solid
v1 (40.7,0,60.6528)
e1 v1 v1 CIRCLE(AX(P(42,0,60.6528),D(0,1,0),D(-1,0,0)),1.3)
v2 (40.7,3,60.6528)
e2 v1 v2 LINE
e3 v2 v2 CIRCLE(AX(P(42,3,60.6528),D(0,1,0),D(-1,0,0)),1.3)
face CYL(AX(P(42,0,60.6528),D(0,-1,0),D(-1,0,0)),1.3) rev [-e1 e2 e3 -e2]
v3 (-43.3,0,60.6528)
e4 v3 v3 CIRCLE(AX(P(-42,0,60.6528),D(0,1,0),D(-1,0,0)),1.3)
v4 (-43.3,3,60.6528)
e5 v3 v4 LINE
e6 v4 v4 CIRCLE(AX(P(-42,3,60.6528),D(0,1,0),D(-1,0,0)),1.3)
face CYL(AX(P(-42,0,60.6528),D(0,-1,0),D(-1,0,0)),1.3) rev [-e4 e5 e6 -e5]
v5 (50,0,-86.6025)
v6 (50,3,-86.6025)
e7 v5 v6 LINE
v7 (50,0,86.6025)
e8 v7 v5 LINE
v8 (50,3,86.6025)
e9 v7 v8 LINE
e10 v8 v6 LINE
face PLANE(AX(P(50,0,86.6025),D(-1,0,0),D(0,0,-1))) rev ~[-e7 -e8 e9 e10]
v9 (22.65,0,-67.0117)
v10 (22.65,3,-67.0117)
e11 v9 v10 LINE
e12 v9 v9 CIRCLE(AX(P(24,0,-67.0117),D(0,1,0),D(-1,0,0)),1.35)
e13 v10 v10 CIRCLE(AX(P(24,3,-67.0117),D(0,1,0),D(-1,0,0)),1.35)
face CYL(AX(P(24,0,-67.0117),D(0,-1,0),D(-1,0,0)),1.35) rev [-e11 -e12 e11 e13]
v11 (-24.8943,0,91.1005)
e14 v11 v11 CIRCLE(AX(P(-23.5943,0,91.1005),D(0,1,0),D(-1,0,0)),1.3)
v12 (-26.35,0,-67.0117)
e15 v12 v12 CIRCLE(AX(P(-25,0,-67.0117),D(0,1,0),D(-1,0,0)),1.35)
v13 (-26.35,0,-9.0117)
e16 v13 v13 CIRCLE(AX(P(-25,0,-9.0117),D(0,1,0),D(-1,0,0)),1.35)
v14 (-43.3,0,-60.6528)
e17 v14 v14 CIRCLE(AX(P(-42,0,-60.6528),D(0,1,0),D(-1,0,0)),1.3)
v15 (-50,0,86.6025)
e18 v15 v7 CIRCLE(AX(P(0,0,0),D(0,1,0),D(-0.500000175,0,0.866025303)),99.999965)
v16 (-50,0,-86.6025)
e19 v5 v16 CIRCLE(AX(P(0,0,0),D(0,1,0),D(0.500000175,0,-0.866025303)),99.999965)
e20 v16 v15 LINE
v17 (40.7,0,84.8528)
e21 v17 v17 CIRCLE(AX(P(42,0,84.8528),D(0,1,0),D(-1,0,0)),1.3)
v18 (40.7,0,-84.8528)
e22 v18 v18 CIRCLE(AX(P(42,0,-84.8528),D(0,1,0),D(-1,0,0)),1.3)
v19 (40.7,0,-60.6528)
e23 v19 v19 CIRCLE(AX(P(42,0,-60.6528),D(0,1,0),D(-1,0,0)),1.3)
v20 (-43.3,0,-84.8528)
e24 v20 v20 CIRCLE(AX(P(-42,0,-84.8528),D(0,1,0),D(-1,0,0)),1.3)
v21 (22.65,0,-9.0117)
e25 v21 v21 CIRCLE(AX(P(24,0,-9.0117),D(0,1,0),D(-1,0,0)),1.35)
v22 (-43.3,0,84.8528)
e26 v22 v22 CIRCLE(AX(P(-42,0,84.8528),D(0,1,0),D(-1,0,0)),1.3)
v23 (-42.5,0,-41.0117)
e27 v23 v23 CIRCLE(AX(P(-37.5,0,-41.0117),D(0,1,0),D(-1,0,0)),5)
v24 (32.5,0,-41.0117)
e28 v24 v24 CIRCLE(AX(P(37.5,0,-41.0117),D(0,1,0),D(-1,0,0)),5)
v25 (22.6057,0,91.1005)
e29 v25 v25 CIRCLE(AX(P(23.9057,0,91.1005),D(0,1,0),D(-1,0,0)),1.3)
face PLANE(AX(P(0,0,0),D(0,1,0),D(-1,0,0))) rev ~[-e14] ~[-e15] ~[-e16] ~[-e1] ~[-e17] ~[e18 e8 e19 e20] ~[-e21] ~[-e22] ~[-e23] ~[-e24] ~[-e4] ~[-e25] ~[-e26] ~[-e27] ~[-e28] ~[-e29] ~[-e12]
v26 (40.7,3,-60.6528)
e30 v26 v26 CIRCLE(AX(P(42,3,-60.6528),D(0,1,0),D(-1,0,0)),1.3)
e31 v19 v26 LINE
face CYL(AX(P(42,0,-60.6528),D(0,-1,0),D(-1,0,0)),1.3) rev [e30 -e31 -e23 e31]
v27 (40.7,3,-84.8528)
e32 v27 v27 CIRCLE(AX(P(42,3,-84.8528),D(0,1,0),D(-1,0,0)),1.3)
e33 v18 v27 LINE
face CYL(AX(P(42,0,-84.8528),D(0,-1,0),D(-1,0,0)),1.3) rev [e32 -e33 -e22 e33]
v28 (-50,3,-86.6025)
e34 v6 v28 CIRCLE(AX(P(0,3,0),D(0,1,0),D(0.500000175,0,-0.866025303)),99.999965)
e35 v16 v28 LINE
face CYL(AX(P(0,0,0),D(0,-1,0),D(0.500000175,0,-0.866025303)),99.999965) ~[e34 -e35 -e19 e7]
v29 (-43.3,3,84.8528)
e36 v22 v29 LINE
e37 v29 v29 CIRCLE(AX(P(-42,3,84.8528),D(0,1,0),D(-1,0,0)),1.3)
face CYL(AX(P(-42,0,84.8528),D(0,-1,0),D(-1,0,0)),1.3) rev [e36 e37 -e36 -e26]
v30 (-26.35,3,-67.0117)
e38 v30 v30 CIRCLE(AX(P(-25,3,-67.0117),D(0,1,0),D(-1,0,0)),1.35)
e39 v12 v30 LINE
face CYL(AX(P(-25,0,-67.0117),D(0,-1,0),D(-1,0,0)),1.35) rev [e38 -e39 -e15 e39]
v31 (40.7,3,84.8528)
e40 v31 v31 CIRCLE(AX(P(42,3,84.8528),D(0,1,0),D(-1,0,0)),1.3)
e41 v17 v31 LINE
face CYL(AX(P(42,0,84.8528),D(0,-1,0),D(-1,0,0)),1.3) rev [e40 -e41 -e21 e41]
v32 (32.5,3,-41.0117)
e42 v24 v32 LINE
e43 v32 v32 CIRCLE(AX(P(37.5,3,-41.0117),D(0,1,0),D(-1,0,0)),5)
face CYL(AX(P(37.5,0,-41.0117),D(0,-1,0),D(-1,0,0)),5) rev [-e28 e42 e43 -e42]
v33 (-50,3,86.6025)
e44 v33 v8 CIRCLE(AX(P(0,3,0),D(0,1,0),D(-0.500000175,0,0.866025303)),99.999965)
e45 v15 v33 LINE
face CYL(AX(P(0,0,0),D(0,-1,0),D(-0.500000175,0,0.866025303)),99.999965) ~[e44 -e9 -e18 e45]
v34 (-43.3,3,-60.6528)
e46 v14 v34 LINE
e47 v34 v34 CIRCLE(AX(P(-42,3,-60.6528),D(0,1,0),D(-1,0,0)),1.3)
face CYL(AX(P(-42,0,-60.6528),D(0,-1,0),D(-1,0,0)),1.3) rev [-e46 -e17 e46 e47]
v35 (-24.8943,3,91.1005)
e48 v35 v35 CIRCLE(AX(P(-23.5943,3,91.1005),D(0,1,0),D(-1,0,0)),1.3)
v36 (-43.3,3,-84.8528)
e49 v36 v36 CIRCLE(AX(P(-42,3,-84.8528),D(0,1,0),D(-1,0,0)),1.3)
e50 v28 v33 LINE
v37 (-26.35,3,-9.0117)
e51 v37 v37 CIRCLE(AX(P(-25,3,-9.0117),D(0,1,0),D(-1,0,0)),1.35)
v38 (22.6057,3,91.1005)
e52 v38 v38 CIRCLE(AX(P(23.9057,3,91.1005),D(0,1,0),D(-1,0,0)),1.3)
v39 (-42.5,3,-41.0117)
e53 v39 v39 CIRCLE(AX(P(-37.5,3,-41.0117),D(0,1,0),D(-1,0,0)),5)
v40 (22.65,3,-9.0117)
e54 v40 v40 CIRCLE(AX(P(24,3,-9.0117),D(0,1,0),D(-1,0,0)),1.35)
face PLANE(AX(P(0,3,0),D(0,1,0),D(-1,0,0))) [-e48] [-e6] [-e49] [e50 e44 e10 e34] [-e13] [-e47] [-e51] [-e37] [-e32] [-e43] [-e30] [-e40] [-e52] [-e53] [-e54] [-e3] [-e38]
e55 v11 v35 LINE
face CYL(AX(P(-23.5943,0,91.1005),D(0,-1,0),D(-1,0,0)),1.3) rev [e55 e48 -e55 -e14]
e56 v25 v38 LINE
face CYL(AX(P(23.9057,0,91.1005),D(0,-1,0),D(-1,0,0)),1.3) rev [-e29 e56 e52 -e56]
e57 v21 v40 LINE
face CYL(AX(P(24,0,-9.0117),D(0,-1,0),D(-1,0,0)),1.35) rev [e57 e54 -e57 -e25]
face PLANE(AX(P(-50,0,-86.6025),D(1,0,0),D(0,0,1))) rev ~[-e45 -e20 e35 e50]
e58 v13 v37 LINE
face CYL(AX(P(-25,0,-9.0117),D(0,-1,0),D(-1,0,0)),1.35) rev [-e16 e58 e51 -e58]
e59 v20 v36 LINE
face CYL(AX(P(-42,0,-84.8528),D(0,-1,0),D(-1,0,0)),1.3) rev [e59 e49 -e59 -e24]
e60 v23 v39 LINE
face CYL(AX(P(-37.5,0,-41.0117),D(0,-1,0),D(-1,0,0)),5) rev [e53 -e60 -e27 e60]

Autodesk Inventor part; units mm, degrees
ref_plane "YZ Plane" through (0, 0, 0) normal (1, 0, 0) x (0, 1, 0)
ref_plane "XZ Plane" through (0, 0, 0) normal (0, 1, 0) x (-1, 0, 0)
ref_plane "XY Plane" through (0, 0, 0) normal (0, 0, 1) x (1, 0, 0)
sketch "Sketch1" plane through (0, 0, 0) normal (0, 1, 0) x (-1, 0, 0)
  line L0 (-50, 86.6025) -> (-50, -86.6025)
  line L1 (50, -86.6025) -> (50, 86.6025)
  arc A0 (50, 86.6025) -> (-50, 86.6025) centre (0, 0) ccw
  arc A1 (-50, -86.6025) -> (50, -86.6025) centre (0, 0) ccw
  circle A2 centre (25, -67.0117) radius 1.35
  circle A3 centre (25, -9.0117) radius 1.35
  circle A4 centre (-24, -9.0117) radius 1.35
  circle A5 centre (-24, -67.0117) radius 1.35
  circle A6 centre (42, -84.8528) radius 1.3
  circle A7 centre (42, -60.6528) radius 1.3
  circle A8 centre (-42, -84.8528) radius 1.3
  circle A9 centre (-42, -60.6528) radius 1.3
  circle A10 centre (42, 84.8528) radius 1.3
  circle A11 centre (42, 60.6528) radius 1.3
  circle A12 centre (-42, 84.8528) radius 1.3
  circle A13 centre (-42, 60.6528) radius 1.3
  circle A14 centre (23.5943, 91.1005) radius 1.3
  circle A15 centre (-23.9057, 91.1005) radius 1.3
  circle A16 centre (37.5, -41.0117) radius 5
  circle A17 centre (-37.5, -41.0117) radius 5
extrude "Extrusion1" add sketch "Sketch1" along normal blind 3
properties part number "basePlate3"
